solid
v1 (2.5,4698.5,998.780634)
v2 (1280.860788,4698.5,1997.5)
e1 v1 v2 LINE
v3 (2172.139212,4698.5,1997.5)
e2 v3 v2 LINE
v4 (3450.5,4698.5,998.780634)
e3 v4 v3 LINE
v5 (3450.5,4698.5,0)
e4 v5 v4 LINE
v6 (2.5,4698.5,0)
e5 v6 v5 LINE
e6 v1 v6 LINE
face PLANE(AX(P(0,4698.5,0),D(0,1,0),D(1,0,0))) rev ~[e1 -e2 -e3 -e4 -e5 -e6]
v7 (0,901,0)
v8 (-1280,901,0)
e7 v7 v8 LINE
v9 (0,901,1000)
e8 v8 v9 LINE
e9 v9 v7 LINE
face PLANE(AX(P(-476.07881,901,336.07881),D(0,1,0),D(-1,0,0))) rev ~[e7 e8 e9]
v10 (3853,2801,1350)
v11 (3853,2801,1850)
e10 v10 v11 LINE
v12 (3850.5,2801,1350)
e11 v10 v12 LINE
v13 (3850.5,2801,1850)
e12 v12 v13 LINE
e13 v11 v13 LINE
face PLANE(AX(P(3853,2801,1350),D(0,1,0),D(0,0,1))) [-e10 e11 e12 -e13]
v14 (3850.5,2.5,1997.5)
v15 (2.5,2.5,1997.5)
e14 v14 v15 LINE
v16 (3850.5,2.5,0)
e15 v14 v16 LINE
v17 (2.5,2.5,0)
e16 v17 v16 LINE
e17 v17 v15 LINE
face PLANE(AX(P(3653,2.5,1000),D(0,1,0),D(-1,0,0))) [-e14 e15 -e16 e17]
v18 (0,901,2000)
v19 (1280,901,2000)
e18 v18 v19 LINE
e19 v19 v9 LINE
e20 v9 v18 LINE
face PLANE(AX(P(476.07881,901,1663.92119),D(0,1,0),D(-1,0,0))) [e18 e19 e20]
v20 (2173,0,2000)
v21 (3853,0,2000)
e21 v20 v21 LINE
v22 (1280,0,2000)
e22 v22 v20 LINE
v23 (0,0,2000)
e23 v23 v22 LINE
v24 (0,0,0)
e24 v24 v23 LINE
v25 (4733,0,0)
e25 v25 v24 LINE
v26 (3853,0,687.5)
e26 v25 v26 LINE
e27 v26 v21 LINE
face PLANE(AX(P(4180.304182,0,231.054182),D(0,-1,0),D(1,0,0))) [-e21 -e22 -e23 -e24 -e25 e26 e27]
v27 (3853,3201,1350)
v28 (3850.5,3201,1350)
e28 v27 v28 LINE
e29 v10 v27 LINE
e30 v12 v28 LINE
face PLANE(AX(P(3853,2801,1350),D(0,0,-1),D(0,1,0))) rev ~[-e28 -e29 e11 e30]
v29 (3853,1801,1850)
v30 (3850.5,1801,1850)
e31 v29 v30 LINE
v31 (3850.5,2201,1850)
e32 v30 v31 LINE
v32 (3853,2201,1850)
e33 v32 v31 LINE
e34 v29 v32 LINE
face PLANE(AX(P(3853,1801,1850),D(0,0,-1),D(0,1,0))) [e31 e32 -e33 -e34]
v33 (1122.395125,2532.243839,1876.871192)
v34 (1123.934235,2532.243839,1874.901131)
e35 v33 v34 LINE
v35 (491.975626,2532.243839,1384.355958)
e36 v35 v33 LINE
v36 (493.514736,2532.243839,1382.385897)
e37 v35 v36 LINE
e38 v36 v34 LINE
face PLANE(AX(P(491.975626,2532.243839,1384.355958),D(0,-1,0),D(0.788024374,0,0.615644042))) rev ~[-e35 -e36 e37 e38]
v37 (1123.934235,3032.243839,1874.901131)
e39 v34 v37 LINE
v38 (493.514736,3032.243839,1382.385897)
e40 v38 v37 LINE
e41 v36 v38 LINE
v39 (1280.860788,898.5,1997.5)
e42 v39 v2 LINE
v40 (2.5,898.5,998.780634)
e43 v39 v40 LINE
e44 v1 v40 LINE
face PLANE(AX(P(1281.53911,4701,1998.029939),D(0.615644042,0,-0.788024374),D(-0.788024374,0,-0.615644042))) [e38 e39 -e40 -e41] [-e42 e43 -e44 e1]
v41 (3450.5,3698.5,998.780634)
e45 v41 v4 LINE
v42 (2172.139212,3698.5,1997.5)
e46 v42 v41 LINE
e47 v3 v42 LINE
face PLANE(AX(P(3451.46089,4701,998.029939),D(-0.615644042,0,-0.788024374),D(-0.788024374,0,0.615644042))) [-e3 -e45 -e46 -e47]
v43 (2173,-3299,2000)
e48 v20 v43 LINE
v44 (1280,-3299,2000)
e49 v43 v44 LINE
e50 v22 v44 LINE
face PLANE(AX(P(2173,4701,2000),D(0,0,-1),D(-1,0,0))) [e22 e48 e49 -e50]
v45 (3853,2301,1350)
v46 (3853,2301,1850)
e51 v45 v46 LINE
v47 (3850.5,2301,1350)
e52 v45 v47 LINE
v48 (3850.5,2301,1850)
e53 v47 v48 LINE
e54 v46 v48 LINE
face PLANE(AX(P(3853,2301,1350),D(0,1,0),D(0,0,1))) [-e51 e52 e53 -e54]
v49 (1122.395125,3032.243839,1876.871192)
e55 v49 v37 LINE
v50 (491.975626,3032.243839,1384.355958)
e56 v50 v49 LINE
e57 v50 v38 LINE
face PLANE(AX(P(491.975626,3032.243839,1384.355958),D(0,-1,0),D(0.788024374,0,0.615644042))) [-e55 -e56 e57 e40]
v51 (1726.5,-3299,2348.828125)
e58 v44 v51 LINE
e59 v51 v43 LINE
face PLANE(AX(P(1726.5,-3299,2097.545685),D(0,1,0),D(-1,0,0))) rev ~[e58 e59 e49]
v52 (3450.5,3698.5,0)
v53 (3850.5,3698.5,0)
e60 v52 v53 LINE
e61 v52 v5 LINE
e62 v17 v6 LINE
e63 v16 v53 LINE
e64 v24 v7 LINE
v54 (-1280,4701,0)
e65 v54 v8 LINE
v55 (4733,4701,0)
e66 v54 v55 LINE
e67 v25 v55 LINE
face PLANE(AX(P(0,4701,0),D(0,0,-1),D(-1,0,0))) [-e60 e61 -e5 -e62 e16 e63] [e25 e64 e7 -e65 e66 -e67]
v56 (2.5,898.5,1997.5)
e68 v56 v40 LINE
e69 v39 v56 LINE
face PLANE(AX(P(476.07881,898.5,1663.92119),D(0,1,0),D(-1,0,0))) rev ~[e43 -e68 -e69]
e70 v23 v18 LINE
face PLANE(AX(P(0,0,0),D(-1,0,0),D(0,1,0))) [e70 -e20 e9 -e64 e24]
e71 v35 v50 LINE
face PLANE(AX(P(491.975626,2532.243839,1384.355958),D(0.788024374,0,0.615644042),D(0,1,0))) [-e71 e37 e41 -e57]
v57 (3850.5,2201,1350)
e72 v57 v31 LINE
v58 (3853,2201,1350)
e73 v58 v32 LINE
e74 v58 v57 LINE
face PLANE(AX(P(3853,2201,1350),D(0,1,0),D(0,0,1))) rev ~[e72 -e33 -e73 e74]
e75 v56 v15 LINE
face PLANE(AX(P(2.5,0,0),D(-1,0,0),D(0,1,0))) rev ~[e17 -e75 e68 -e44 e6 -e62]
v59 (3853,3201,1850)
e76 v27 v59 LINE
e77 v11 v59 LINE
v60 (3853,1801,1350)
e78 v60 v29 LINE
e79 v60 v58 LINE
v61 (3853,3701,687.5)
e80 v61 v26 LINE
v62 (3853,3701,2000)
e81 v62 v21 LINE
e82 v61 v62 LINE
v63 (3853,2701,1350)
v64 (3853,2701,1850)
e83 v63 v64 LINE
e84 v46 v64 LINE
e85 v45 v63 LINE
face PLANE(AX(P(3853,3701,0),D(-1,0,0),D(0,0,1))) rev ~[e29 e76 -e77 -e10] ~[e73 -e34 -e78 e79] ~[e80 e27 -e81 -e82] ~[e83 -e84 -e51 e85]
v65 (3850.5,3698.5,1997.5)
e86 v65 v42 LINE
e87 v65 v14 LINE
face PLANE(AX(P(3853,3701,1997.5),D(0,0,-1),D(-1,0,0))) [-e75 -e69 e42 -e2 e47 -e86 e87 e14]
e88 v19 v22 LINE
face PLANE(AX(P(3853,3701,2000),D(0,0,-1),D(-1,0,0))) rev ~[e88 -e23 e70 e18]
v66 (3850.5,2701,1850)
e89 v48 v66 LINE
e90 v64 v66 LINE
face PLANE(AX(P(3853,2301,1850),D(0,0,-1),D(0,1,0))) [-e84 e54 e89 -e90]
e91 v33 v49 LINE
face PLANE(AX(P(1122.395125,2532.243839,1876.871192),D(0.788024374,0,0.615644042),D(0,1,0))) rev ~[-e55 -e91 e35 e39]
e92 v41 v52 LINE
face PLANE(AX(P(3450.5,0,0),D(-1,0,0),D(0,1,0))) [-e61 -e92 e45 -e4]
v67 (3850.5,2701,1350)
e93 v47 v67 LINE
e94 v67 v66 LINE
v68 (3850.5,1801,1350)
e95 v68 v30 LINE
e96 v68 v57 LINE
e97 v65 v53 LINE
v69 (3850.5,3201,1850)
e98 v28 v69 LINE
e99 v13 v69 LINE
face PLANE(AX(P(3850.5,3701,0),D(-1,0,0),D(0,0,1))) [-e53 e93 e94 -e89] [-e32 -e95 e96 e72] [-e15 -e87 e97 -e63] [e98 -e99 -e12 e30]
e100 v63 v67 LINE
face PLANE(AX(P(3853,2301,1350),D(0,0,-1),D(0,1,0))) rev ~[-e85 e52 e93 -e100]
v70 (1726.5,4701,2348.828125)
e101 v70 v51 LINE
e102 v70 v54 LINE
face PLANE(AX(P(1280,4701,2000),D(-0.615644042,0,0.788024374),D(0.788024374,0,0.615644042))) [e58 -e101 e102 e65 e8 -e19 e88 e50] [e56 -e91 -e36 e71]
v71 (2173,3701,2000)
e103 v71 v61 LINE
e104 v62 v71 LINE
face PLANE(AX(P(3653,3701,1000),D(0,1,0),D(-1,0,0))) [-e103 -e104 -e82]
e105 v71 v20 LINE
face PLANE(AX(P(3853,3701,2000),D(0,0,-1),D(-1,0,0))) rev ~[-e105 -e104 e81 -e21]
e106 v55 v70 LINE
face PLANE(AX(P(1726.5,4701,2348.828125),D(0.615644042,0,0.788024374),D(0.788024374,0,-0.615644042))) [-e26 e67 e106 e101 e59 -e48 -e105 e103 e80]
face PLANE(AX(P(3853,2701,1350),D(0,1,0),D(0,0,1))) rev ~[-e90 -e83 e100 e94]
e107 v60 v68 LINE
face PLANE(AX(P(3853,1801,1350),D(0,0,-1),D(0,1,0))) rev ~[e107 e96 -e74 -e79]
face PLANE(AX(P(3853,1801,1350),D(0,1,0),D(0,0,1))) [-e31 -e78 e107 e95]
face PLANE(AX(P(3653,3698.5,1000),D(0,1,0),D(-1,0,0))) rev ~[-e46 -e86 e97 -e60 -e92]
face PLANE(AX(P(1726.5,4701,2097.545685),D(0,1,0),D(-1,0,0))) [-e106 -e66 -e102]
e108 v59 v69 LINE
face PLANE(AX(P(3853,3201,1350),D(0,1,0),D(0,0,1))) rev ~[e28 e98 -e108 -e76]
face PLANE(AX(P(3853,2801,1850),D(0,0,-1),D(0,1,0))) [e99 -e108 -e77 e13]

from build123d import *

# Parameters (mm, degrees)
F0_W      = 3453
F0_H      = 4701
F1_DEPTH  = 2000
F3_DEPTH  = 1000
F5_DEPTH  = 3800
F6_W      = 400
F6_H      = 2000
F7_DEPTH  = 3701
F8_T      = -2.5
F9_W      = 400
F9_H      = 500
F10_DEPTH = 2.5
F11_W     = 800
F11_H     = 500
F12_DEPTH = 2.5
F14_DEPTH = 1000
F16_DEPTH = 3701
F18_DEPTH = 3800
F20_DEPTH = 8000


with BuildPart() as f1:
    # F0 (on Top) → F1 (new body)
    with BuildSketch(Plane.XY):
        with Locations((1726.5, 2350.5)):
            Rectangle(F0_W, F0_H)
    extrude(amount=F1_DEPTH)

    # F2 (on face) → F3 (cut)
    with BuildSketch(Plane(origin=(0, 4701, 0), x_dir=(-1, 0, 0), z_dir=(0, 1, 0))):
        Polygon((-3453, 2000), (-3453, 1000), (-2173, 2000), align=None)
    extrude(amount=-F3_DEPTH, mode=Mode.SUBTRACT)

    # F4 (on face) → F5 (cut)
    with BuildSketch(Plane(origin=(0, 4701, 0), x_dir=(-1, 0, 0), z_dir=(0, 1, 0))):
        Polygon((-1280, 2000), (0, 1000), (0, 2000), align=None)
    extrude(amount=-F5_DEPTH, mode=Mode.SUBTRACT)

    # F6 (on face) → F7 (join, through all)
    with BuildSketch(Plane(origin=(0, 3701, 0), x_dir=(-1, 0, 0), z_dir=(0, 1, 0))):
        with Locations((-3653, 1000)):
            Rectangle(F6_W, F6_H)
    extrude(amount=-F7_DEPTH)

    # F8
    f8_openings = [f1.faces().sort_by_distance(p)[0] for p in [
        (1887.511583, 2308.711372, 0),
    ]]
    offset(amount=F8_T, openings=f8_openings, kind=Kind.INTERSECTION)

    # F9 (on face) → F10 (cut, through all)
    with BuildSketch(Plane.YZ.offset(3853)):
        with Locations((3001, 1600)):
            Rectangle(F9_W, F9_H)
        with Locations((2501, 1600)):
            Rectangle(F9_W, F9_H)
        with Locations((2001, 1600)):
            Rectangle(F9_W, F9_H)
    extrude(amount=-F10_DEPTH, mode=Mode.SUBTRACT)

    # F11 (on face) → F12 (cut, through all)
    with BuildSketch(Plane(origin=(-485.1425106125, 0, 620.982413584), x_dir=(0.7880243737, 0, 0.615644042), z_dir=(-0.615644042, 0, 0.7880243737))):
        with Locations((1639.9592823121, 2782.2438387594)):
            Rectangle(F11_W, F11_H)
    extrude(amount=-F12_DEPTH, mode=Mode.SUBTRACT)

    # F13 (on face) → F14 (join, through all)
    with BuildSketch(Plane(origin=(0, 3701, 0), x_dir=(-1, 0, 0), z_dir=(0, 1, 0))):
        Polygon((-3453, 0), (-3453, 1000), (-4733, 0), align=None)
    extrude(amount=F14_DEPTH)

    # F15 (on face) → F16 (join, through all)
    with BuildSketch(Plane.XZ.offset(-3701)):
        Polygon((4733, 0), (3853, 687.5), (3853, 0), align=None)
    extrude(amount=F16_DEPTH)

    # F17 (on face) → F18 (join, through all)
    with BuildSketch(Plane(origin=(0, 4701, 0), x_dir=(-1, 0, 0), z_dir=(0, 1, 0))):
        Polygon((1280, 0), (0, 1000), (0, 0), align=None)
    extrude(amount=-F18_DEPTH)

    # F19 (on face) → F20 (join)
    with BuildSketch(Plane(origin=(0, 4701, 0), x_dir=(-1, 0, 0), z_dir=(0, 1, 0))):
        Polygon((-2173, 2000), (-1280, 2000), (-1726.5, 2348.828125), align=None)
    extrude(amount=-F20_DEPTH)


solid = f1.part
